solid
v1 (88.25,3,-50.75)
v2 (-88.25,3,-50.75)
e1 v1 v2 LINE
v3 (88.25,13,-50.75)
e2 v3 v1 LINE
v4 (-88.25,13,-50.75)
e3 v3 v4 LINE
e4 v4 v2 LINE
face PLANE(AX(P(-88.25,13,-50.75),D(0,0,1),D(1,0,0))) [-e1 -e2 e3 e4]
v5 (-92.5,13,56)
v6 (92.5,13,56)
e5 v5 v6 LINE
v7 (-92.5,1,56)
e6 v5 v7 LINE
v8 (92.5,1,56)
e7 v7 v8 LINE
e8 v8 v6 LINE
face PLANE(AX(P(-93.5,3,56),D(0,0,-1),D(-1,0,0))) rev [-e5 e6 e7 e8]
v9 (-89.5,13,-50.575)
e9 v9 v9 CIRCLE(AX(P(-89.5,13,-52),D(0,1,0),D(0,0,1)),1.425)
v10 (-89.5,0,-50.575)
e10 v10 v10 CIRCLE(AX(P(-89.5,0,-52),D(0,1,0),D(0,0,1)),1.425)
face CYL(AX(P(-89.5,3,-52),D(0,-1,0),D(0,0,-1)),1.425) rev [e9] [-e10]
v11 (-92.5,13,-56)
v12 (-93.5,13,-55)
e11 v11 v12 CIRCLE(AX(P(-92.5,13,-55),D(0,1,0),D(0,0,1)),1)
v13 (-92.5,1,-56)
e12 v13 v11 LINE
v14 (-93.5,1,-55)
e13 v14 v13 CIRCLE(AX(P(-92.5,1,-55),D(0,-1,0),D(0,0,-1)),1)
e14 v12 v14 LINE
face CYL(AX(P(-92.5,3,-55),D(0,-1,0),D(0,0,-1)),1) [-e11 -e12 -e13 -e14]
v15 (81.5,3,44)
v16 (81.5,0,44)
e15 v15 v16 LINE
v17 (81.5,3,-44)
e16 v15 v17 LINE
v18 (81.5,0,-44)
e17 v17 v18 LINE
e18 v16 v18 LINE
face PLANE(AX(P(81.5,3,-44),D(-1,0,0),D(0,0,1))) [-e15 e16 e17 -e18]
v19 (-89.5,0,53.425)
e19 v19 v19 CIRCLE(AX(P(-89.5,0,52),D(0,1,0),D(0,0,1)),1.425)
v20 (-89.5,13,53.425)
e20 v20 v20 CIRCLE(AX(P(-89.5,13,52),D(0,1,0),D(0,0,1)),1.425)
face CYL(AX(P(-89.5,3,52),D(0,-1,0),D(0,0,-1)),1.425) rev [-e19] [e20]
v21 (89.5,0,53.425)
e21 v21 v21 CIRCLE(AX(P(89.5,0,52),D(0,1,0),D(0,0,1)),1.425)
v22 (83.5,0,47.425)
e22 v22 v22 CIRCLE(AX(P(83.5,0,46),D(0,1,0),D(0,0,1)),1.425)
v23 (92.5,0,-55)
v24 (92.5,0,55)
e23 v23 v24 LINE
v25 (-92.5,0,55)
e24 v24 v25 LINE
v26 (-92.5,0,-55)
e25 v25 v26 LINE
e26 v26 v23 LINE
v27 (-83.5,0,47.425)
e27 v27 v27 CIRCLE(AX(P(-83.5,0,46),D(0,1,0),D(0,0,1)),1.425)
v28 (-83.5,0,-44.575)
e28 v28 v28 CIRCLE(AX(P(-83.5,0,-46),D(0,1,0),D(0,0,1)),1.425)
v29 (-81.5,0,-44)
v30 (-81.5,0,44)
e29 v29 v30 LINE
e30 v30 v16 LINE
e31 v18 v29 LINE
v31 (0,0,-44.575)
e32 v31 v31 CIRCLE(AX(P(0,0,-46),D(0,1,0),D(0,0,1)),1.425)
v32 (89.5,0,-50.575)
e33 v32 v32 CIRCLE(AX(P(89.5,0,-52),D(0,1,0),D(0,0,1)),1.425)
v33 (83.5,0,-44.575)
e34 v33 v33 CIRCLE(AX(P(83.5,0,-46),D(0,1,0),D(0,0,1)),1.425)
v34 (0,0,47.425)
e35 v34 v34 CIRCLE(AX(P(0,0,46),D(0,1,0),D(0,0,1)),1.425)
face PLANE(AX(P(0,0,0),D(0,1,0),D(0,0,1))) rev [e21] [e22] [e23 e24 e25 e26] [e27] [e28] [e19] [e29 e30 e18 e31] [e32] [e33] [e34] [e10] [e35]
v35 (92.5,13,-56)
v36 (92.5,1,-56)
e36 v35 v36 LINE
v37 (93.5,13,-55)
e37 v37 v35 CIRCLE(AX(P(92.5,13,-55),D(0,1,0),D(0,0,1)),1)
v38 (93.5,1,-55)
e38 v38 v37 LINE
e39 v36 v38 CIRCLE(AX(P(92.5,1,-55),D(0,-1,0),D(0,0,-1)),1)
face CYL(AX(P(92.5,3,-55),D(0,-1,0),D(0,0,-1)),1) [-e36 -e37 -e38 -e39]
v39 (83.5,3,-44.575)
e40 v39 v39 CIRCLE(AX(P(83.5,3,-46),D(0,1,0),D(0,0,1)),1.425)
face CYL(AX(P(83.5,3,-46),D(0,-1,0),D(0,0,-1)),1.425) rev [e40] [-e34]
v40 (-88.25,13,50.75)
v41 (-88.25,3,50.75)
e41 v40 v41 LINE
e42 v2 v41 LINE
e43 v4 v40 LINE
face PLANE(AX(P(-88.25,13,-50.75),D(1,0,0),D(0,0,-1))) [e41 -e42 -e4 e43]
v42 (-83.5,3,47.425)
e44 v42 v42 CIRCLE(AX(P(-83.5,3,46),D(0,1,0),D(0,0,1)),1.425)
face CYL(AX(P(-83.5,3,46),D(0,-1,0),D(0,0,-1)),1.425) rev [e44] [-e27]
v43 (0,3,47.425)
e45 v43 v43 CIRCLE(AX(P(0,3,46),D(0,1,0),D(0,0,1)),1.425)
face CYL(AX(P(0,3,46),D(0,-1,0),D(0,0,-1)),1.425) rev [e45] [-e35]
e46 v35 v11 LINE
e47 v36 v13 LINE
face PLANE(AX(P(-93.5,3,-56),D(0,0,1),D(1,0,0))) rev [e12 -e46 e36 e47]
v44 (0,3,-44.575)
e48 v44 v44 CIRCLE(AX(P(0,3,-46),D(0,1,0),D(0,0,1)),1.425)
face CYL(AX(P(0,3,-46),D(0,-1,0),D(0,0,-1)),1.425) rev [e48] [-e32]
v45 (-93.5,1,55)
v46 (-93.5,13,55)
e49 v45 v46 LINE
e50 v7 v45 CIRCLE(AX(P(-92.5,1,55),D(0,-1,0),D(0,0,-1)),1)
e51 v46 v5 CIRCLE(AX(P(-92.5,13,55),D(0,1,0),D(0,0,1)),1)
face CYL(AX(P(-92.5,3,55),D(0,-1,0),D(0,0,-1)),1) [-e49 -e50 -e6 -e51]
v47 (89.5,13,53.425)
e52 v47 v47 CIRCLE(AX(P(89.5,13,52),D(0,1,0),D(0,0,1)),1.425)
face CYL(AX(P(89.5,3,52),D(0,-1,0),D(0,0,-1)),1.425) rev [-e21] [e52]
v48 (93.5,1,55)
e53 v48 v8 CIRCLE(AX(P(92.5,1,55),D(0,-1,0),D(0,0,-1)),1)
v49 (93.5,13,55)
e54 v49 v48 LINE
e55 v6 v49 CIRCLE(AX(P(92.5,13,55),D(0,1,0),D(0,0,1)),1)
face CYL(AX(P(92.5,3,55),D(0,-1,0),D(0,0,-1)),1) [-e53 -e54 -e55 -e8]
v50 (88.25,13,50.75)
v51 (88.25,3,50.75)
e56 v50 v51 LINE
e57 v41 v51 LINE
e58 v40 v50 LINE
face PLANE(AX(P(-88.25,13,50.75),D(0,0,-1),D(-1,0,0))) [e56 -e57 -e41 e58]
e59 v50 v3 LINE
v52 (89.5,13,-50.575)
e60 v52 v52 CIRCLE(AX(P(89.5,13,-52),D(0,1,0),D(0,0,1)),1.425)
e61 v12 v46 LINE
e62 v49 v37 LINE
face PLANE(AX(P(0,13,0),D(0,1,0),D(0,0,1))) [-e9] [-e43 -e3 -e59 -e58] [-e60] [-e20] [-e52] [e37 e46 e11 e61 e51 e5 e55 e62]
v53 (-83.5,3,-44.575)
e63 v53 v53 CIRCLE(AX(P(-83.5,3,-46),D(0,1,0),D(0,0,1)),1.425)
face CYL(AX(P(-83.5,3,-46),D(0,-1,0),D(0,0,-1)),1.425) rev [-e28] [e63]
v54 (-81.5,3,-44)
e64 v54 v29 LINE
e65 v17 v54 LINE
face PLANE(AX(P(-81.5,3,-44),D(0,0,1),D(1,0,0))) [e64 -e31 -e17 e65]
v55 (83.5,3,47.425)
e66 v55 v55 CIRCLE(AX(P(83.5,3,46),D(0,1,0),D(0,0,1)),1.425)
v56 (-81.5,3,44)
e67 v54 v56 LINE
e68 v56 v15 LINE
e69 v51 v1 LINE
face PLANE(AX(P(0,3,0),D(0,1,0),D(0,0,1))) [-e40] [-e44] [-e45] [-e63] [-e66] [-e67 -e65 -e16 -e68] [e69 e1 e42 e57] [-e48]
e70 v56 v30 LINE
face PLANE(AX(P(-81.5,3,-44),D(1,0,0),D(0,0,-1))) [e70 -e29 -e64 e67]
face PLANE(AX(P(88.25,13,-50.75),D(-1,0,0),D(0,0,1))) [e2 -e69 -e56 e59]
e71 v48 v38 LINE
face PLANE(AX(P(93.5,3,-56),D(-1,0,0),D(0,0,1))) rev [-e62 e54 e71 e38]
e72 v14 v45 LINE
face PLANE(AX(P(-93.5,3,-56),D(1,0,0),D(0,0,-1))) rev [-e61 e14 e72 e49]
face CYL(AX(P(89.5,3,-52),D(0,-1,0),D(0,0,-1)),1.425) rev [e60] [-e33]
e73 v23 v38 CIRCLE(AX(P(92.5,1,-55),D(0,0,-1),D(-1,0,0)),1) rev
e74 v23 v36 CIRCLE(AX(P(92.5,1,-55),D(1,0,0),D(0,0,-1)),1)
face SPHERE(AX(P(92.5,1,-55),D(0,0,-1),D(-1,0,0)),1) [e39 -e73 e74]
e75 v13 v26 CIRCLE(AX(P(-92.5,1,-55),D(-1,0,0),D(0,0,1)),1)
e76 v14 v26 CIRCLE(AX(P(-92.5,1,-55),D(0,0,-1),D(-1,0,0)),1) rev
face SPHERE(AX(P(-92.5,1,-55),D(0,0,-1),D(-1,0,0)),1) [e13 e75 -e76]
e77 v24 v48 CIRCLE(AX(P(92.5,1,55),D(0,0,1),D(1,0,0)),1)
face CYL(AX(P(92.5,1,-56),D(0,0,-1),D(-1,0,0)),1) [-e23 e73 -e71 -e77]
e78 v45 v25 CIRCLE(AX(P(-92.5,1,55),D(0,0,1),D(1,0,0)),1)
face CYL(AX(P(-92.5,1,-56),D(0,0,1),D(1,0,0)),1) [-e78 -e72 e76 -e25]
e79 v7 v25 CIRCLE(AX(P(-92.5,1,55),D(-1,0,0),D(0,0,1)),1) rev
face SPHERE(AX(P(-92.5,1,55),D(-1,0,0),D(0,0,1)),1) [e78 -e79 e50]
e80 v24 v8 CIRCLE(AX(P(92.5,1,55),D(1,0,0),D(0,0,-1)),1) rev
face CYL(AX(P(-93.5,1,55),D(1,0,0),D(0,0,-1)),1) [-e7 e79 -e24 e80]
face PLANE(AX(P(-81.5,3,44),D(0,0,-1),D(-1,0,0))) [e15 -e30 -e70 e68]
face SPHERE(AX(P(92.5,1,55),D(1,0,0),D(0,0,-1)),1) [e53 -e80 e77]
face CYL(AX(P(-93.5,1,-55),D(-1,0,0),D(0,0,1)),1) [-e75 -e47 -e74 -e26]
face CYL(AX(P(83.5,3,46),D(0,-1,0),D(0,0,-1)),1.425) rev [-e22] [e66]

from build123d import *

# Parameters (mm, degrees)
SKETCH1_W    = 187
SKETCH1_H    = 112
SKETCH1_R    = 1.425
SKETCH1_W_2  = 163
SKETCH1_H_2  = 88
BASE_DEPTH   = 3
SKETCH3_W    = 187
SKETCH3_H    = 112
SKETCH3_R    = 1.425
SKETCH3_W_2  = 176.5
SKETCH3_H_2  = 101.5
EDGE_2_DEPTH = 10
FILLET1_R    = 1


with BuildPart() as part:
    # Sketch1 → Base (new body)
    with BuildSketch(Plane(origin=(0, 0, 0), x_dir=(1, 0, 0), z_dir=(0, 1, 0))):
        Rectangle(SKETCH1_W, SKETCH1_H)
        with Locations((-89.5, -52)):
            Circle(SKETCH1_R, mode=Mode.SUBTRACT)
        with Locations((89.5, -52)):
            Circle(SKETCH1_R, mode=Mode.SUBTRACT)
        with Locations((89.5, 52)):
            Circle(SKETCH1_R, mode=Mode.SUBTRACT)
        with Locations((-89.5, 52)):
            Circle(SKETCH1_R, mode=Mode.SUBTRACT)
        with Locations((-83.5, -46)):
            Circle(SKETCH1_R, mode=Mode.SUBTRACT)
        with Locations((0, -46)):
            Circle(SKETCH1_R, mode=Mode.SUBTRACT)
        with Locations((83.5, -46)):
            Circle(SKETCH1_R, mode=Mode.SUBTRACT)
        with Locations((0, 46)):
            Circle(SKETCH1_R, mode=Mode.SUBTRACT)
        with Locations((83.5, 46)):
            Circle(SKETCH1_R, mode=Mode.SUBTRACT)
        with Locations((-83.5, 46)):
            Circle(SKETCH1_R, mode=Mode.SUBTRACT)
        Rectangle(SKETCH1_W_2, SKETCH1_H_2, mode=Mode.SUBTRACT)
    extrude(amount=BASE_DEPTH)

    # Sketch3 → Edge 2 (add)
    with BuildSketch(Plane(origin=(0, 3, 0), x_dir=(1, 0, 0), z_dir=(0, 1, 0))):
        Rectangle(SKETCH3_W, SKETCH3_H)
        with Locations((-89.5, -52)):
            Circle(SKETCH3_R, mode=Mode.SUBTRACT)
        with Locations((89.5, -52)):
            Circle(SKETCH3_R, mode=Mode.SUBTRACT)
        with Locations((89.5, 52)):
            Circle(SKETCH3_R, mode=Mode.SUBTRACT)
        with Locations((-89.5, 52)):
            Circle(SKETCH3_R, mode=Mode.SUBTRACT)
        Rectangle(SKETCH3_W_2, SKETCH3_H_2, mode=Mode.SUBTRACT)
    extrude(amount=EDGE_2_DEPTH)

    # Fillet1
    fillet1_edges = [part.edges().sort_by_distance(p)[0] for p in [
        (0, 0, 56),
        (93.5, 6.5, 56),
        (93.5, 0, 0),
        (93.5, 6.5, -56),
        (0, 0, -56),
        (-93.5, 0, 0),
        (-93.5, 6.5, -56),
        (-93.5, 6.5, 56),
    ]]
    fillet(fillet1_edges, radius=FILLET1_R)


solid = part.part
